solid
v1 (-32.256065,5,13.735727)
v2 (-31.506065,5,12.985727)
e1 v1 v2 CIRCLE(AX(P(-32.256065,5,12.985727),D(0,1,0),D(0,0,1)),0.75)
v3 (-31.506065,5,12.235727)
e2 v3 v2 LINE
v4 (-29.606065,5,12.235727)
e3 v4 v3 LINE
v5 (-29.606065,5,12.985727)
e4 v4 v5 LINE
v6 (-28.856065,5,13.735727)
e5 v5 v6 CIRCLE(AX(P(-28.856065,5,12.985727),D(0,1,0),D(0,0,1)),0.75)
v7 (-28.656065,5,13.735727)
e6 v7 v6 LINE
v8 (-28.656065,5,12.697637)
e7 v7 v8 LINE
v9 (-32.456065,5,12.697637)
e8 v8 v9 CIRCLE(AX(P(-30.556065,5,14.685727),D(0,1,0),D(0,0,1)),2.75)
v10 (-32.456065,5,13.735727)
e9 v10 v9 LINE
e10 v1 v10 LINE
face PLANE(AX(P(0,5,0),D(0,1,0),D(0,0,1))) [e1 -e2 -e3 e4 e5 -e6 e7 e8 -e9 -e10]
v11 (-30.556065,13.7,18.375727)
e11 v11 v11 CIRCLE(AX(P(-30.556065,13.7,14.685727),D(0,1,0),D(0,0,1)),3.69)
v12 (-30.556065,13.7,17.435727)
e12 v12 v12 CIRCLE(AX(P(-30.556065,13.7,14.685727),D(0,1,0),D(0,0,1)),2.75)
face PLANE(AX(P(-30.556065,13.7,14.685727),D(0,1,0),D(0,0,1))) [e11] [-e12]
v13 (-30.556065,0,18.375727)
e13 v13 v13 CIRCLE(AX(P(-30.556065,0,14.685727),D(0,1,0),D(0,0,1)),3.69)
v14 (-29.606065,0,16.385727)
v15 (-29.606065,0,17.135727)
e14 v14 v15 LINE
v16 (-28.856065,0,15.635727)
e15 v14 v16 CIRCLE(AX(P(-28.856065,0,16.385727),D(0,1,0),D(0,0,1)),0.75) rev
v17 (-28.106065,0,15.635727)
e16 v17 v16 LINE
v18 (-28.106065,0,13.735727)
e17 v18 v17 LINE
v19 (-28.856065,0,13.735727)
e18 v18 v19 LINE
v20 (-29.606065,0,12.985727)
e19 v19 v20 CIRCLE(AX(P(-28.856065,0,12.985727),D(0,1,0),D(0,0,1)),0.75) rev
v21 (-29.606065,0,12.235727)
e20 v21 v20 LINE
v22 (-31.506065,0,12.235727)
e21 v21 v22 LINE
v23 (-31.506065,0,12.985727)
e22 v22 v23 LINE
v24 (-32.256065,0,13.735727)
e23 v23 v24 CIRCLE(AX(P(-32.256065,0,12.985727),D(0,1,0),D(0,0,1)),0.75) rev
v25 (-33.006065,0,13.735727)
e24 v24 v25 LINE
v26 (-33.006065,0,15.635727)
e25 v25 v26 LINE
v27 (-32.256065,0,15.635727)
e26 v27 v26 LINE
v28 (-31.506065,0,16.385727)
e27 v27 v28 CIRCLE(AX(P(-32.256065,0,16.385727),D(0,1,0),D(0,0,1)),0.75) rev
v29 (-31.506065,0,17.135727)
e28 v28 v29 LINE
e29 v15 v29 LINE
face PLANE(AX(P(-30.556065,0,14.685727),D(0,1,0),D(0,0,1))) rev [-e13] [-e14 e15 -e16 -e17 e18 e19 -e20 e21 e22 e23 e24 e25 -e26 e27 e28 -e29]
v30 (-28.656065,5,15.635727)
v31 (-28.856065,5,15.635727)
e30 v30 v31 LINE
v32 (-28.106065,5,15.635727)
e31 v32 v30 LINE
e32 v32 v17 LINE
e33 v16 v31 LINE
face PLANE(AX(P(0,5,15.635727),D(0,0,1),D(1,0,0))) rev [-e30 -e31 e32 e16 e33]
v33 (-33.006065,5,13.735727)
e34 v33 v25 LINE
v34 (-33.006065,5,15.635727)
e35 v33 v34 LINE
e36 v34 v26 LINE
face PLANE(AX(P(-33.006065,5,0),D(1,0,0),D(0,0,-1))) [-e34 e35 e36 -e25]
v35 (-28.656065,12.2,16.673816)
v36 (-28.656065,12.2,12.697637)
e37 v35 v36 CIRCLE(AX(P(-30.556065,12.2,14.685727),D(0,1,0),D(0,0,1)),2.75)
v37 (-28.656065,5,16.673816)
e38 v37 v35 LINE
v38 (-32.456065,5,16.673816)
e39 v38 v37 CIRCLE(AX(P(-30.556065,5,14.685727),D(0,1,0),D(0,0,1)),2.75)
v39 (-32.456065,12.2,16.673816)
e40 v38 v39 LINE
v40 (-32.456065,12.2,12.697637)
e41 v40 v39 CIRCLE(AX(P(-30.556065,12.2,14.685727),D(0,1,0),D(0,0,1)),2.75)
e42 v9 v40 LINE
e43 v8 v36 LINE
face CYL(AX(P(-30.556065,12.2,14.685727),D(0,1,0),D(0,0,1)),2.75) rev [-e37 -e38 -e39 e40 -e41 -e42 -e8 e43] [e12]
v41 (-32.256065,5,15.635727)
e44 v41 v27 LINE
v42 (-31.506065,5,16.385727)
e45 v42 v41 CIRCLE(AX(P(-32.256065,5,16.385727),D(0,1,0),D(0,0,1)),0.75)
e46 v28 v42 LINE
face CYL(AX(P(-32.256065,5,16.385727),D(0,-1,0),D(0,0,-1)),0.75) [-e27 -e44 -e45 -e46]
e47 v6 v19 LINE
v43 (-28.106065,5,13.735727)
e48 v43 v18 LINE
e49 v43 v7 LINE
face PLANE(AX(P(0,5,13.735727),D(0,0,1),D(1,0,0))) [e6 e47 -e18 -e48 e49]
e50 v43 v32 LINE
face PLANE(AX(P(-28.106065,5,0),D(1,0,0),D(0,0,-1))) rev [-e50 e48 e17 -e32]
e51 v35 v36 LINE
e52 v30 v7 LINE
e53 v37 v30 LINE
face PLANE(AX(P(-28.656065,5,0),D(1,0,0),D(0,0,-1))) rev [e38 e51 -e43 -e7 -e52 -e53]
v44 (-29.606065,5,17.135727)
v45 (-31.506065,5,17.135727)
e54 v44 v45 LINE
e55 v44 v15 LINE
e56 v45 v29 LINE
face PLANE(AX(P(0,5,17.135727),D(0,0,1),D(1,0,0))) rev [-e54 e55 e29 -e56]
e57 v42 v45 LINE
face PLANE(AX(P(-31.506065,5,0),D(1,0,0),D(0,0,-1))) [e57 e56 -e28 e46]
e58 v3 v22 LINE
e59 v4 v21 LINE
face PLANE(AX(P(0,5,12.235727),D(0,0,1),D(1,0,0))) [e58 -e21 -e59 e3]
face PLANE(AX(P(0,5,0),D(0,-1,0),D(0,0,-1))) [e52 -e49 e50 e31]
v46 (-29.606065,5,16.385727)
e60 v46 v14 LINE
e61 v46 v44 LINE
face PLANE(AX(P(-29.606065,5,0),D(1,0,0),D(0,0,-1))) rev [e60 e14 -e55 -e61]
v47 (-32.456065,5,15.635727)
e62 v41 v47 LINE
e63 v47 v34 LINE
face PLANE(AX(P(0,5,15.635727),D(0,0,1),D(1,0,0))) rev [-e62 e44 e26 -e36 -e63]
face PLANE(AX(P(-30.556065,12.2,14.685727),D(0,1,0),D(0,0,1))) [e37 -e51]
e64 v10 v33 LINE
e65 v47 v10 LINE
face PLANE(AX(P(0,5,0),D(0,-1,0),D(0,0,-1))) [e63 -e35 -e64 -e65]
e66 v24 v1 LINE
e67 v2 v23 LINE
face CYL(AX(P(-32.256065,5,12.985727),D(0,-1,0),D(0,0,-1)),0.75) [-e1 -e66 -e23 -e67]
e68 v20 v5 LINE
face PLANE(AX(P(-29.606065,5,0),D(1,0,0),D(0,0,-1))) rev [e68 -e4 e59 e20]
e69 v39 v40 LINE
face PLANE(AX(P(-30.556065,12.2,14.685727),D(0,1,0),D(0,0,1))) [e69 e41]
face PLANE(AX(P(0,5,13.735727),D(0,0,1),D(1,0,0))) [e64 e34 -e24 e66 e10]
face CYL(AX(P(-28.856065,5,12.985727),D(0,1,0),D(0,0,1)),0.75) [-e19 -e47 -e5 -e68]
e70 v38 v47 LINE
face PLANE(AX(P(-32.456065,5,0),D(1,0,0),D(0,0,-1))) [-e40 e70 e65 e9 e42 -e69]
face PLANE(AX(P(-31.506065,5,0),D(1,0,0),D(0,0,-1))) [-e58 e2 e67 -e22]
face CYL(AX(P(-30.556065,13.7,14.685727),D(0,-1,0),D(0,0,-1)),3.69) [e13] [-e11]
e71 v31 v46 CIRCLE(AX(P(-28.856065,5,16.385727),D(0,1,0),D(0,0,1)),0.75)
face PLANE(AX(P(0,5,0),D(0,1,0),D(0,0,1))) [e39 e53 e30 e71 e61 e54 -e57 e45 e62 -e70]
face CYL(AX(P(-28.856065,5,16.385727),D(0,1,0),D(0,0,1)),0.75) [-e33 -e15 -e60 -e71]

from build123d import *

# Parameters (mm, degrees)
SKETCH4_R           = 3.69
BOSS_EXTRUDE2_DEPTH = 13.7
SKETCH5_R           = 2.75
CUT_EXTRUDE2_DEPTH  = 1.5
CUT_EXTRUDE3_DEPTH  = 7.2
SKETCH7_W           = 1.9
SKETCH7_H           = 1.5
SKETCH7_H_2         = 1.9
SKETCH7_W_2         = 1.5
CUT_EXTRUDE5_DEPTH  = 5
FILLET1_R           = 0.75
FILLET2_R           = 0.75
FILLET3_R           = 0.75
FILLET4_R           = 0.75


with BuildPart() as part:
    # Sketch4 → Boss-Extrude2 (new body)
    with BuildSketch(Plane(origin=(0, 0, 0), x_dir=(1, 0, 0), z_dir=(0, 1, 0))):
        with Locations((-30.556065381, -14.685726519)):
            Circle(SKETCH4_R)
    extrude(amount=BOSS_EXTRUDE2_DEPTH)

    # Sketch5 → Cut-Extrude2 (cut)
    with BuildSketch(Plane(origin=(0, 13.7, 0), x_dir=(1, 0, 0), z_dir=(0, 1, 0))):
        with Locations((-30.556065381, -14.685726519)):
            Circle(SKETCH5_R)
    extrude(amount=-CUT_EXTRUDE2_DEPTH, mode=Mode.SUBTRACT)

    # Sketch6 → Cut-Extrude3 (cut)
    with BuildSketch(Plane(origin=(0, 12.2, 0), x_dir=(1, 0, 0), z_dir=(0, 1, 0))):
        with BuildLine():
            ThreePointArc((-32.456065381, -16.673816054), (-30.556065381, -17.435726519), (-28.656065381, -16.673816054))
            Line((-28.656065381, -16.673816054), (-28.656065381, -12.697636984))
            ThreePointArc((-28.656065381, -12.697636984), (-30.556065381, -11.935726519), (-32.456065381, -12.697636984))
            Line((-32.456065381, -12.697636984), (-32.456065381, -16.673816054))
        make_face()
    extrude(amount=-CUT_EXTRUDE3_DEPTH, mode=Mode.SUBTRACT)

    # Sketch7 → Cut-Extrude5 (cut)
    with BuildSketch(Plane(origin=(0, 0, 0), x_dir=(-1, 0, 0), z_dir=(0, -1, 0))):
        with Locations((30.556065381, -16.385726519)):
            Rectangle(SKETCH7_W, SKETCH7_H)
        with Locations((30.556065381, -14.685726519)):
            Rectangle(SKETCH7_W, SKETCH7_H_2)
        with Locations((28.856065381, -14.685726519)):
            Rectangle(SKETCH7_W_2, SKETCH7_H_2)
        with Locations((32.256065381, -14.685726519)):
            Rectangle(SKETCH7_W_2, SKETCH7_H_2)
        with Locations((30.556065381, -12.985726519)):
            Rectangle(SKETCH7_W, SKETCH7_H)
    extrude(amount=-CUT_EXTRUDE5_DEPTH, mode=Mode.SUBTRACT)

    # Fillet1
    fillet1_edges = [part.edges().sort_by_distance(p)[0] for p in [
        (-31.506065381, 2.5, 15.635726519),
    ]]
    fillet(fillet1_edges, radius=FILLET1_R)

    # Fillet2
    fillet2_edges = [part.edges().sort_by_distance(p)[0] for p in [
        (-29.606065381, 2.5, 13.735726519),
    ]]
    fillet(fillet2_edges, radius=FILLET2_R)

    # Fillet3
    fillet3_edges = [part.edges().sort_by_distance(p)[0] for p in [
        (-29.606065381, 2.5, 15.635726519),
    ]]
    fillet(fillet3_edges, radius=FILLET3_R)

    # Fillet4
    fillet4_edges = [part.edges().sort_by_distance(p)[0] for p in [
        (-31.506065381, 2.5, 13.735726519),
    ]]
    fillet(fillet4_edges, radius=FILLET4_R)


solid = part.part
